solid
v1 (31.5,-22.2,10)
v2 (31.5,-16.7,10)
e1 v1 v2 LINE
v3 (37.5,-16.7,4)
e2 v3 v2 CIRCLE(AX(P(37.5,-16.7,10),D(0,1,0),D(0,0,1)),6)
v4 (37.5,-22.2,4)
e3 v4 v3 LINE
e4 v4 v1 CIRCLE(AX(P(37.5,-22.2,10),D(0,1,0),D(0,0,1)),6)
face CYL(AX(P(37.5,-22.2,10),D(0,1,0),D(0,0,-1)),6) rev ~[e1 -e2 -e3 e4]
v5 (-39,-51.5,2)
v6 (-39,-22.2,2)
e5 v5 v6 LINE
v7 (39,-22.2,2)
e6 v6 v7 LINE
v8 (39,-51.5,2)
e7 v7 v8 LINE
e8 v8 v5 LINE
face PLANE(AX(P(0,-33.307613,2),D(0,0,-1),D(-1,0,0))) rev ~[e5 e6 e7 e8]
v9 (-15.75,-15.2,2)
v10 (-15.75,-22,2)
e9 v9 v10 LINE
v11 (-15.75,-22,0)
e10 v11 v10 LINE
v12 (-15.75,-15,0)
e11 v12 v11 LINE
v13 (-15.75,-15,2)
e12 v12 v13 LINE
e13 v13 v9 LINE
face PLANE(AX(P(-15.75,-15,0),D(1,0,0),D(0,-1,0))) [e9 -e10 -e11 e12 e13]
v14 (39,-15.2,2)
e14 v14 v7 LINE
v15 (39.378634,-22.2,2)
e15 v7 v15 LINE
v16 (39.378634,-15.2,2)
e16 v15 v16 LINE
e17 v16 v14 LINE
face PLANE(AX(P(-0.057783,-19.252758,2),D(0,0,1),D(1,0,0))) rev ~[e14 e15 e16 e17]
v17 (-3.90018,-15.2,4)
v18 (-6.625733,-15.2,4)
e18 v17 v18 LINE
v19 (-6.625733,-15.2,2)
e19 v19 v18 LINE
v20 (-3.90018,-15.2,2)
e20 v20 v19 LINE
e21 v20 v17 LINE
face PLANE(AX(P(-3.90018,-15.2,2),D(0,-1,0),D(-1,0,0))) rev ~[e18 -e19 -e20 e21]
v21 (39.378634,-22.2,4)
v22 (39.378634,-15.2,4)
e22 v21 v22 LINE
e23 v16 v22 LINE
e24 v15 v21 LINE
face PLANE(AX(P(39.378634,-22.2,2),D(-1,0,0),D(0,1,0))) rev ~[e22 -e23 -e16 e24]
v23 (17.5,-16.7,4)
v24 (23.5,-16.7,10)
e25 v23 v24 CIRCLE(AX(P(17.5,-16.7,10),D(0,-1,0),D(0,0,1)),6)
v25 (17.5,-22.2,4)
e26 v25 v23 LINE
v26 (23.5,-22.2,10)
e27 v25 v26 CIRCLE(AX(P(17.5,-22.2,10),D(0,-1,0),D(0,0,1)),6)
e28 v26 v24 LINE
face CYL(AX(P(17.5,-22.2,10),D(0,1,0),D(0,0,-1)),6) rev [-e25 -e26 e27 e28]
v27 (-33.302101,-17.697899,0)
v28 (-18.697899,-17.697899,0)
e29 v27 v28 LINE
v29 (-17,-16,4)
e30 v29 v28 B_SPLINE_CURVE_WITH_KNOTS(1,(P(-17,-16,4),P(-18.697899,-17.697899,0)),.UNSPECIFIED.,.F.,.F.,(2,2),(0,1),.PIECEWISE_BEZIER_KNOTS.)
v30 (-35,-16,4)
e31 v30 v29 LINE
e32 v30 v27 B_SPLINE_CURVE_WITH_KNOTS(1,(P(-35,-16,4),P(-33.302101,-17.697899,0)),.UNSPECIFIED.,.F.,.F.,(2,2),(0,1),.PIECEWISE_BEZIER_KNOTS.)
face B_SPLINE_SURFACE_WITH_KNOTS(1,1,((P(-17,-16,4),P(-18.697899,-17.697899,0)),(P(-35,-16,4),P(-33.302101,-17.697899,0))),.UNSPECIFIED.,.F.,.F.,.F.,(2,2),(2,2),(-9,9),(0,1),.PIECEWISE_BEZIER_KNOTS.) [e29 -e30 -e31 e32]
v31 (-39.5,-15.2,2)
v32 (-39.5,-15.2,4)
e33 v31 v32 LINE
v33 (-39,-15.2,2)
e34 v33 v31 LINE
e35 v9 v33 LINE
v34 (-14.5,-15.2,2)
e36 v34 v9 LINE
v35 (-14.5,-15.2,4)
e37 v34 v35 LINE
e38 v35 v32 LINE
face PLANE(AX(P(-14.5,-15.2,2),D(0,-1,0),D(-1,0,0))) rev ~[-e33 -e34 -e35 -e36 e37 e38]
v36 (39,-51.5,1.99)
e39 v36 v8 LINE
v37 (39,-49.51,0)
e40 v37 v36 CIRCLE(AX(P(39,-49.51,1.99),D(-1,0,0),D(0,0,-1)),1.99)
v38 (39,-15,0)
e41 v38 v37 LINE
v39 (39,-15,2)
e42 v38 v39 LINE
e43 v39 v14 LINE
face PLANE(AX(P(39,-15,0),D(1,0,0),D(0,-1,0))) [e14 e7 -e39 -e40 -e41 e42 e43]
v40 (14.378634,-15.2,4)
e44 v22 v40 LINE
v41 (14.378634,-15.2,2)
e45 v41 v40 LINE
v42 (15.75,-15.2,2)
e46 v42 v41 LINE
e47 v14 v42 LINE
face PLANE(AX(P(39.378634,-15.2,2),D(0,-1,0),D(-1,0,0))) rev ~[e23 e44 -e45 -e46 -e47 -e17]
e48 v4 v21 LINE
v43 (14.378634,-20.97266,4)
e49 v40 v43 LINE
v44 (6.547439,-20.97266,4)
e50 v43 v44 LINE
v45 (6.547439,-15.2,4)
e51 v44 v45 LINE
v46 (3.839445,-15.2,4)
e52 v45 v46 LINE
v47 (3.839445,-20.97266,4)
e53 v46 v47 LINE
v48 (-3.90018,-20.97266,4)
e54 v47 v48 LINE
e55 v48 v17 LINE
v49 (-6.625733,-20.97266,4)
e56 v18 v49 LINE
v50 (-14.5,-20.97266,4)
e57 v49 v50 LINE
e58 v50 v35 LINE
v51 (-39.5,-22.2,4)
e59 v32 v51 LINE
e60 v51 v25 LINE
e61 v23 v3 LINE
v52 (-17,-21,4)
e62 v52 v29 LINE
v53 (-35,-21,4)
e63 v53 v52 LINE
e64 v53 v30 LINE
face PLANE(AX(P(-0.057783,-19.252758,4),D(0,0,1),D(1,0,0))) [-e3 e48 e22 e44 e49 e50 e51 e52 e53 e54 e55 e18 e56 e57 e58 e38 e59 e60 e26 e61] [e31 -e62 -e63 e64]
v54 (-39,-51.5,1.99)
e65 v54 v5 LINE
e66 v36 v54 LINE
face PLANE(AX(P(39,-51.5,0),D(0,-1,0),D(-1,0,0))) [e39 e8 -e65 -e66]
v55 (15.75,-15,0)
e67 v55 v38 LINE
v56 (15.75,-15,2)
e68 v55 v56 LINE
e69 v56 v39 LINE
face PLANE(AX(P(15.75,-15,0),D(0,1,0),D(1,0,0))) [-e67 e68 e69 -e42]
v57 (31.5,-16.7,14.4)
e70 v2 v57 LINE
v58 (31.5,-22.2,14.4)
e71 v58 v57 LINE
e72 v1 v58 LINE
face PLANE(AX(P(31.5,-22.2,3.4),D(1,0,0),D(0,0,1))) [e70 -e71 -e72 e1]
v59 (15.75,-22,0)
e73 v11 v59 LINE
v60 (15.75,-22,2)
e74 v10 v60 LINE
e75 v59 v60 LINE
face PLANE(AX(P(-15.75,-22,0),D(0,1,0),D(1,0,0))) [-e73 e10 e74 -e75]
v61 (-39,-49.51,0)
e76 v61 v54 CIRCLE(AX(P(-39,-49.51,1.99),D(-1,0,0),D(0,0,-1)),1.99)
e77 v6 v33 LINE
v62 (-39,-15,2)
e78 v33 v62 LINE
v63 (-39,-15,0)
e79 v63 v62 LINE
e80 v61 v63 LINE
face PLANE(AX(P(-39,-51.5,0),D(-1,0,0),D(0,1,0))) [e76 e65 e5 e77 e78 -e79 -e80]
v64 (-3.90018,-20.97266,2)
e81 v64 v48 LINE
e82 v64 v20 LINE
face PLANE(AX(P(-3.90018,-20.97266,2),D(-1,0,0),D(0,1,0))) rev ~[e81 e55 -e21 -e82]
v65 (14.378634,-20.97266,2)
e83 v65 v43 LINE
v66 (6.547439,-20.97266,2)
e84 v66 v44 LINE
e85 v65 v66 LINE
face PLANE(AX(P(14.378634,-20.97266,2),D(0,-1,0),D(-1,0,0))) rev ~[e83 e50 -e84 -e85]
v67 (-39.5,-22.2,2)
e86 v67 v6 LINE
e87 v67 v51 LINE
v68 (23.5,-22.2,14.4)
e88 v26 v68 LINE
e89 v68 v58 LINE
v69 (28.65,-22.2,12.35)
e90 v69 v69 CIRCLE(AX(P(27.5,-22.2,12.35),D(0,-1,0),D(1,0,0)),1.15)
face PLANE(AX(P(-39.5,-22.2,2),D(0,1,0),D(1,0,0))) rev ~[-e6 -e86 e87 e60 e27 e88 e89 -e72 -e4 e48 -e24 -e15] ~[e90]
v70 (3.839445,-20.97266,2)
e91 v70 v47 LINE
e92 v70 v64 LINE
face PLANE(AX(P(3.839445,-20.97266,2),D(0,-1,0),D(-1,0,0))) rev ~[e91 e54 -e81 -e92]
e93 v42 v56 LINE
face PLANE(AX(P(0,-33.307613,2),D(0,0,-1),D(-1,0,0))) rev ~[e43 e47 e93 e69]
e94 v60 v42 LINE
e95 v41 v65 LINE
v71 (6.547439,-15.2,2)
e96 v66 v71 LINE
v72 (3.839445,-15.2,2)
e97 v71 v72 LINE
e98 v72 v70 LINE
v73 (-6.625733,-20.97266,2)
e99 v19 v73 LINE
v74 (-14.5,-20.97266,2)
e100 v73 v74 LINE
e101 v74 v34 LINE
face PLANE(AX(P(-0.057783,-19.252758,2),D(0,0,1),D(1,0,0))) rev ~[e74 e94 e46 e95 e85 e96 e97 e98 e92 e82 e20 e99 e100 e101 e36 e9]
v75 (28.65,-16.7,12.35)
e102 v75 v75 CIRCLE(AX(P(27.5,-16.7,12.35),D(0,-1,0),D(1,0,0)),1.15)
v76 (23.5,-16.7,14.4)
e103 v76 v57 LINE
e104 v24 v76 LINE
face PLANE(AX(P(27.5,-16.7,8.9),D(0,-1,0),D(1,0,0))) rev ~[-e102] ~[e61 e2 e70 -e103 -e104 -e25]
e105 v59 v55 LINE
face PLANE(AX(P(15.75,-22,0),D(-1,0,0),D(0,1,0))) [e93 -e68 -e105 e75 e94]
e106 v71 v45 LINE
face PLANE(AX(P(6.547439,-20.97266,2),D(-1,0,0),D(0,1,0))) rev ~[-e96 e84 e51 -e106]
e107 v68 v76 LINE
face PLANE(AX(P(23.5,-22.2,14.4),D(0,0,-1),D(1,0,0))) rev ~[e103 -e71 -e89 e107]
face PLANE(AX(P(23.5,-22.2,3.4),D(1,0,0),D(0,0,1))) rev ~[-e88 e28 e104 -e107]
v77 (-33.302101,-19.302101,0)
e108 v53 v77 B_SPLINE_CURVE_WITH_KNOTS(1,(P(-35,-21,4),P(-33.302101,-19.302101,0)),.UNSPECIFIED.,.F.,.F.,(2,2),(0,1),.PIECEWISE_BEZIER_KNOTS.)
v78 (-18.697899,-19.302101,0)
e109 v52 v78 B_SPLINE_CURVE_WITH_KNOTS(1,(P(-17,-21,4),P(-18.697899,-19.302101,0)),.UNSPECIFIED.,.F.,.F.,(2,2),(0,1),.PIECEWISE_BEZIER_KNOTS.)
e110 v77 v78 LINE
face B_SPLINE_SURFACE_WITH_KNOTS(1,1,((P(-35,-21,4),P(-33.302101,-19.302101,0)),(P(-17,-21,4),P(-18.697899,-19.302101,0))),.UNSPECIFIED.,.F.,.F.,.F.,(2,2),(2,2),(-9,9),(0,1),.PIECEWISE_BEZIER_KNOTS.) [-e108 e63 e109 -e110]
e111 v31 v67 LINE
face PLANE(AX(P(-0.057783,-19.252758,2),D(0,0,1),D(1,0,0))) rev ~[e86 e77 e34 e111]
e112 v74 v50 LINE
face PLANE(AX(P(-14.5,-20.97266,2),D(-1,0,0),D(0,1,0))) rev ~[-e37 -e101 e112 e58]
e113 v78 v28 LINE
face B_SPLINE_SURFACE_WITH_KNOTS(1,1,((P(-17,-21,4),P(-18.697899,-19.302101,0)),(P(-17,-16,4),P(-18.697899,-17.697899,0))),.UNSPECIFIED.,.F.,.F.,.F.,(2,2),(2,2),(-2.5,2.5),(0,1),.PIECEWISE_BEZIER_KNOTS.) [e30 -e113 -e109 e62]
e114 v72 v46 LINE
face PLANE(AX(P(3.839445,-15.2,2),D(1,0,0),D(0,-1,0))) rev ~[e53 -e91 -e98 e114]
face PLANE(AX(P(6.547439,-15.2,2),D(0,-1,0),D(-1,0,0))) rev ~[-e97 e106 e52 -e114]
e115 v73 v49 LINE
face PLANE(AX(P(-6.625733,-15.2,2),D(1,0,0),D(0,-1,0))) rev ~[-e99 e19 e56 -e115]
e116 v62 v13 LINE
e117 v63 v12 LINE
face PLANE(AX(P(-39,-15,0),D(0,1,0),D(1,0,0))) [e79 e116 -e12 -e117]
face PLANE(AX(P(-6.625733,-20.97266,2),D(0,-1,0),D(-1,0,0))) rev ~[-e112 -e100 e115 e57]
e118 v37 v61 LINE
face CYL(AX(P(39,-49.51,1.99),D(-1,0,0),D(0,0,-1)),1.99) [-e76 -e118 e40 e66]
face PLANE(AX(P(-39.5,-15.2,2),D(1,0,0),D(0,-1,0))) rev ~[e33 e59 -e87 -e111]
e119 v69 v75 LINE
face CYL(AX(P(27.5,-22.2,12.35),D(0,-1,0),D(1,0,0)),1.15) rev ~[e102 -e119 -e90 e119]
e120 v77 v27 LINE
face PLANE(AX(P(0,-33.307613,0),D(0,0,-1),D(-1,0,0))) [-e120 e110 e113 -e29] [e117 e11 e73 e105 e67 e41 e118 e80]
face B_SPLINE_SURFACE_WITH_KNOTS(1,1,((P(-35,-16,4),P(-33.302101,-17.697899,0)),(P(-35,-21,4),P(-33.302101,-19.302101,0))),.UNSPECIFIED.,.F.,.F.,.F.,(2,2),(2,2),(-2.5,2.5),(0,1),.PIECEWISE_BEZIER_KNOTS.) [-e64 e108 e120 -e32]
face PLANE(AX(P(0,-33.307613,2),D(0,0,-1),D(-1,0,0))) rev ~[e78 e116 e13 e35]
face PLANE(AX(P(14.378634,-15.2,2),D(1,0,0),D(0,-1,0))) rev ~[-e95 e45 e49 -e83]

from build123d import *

# Parameters (mm, degrees)
PAD010_DEPTH    = 2
PAD013_DEPTH    = 2
SKETCH021_W     = 8
SKETCH021_H     = 11
SKETCH021_R     = 1.15
PAD014_DEPTH    = 5.5
FILLET003_R     = 6
FILLET006_R     = 1.99
SKETCH025_W     = 18
SKETCH025_H     = 5
POCKET008_DEPTH = 4
POCKET008_TAPER = 23


with BuildPart() as part:
    # Sketch014 → Pad010 (new body)
    with BuildSketch(Plane.XY):
        Polygon((-39, -15), (-15.75, -15), (-15.75, -22), (15.75, -22), (15.75, -15), (39, -15), (39, -51.5), (-39, -51.5), align=None)
    extrude(amount=PAD010_DEPTH)

    # Sketch020 (on Face10 of Pad010) → Pad013 (join)
    with BuildSketch(Plane.XY.offset(2)):
        Polygon((-14.5, -15.2), (-39.5, -15.2), (-39.5, -22.2), (39.378634, -22.2), (39.378634, -15.2), (14.378634, -15.2), (14.378634, -20.97266), (6.547439, -20.97266), (6.547439, -15.2), (3.839445, -15.2), (3.839445, -20.97266), (-3.90018, -20.97266), (-3.90018, -15.2), (-6.625733, -15.2), (-6.625733, -20.97266), (-14.5, -20.97266), align=None)
    extrude(amount=PAD013_DEPTH)

    # Sketch021 (on Face15 of Pad013) → Pad014 (join)
    with BuildSketch(Plane.XZ.offset(22.2)):
        with Locations((27.5, 8.9)):
            Rectangle(SKETCH021_W, SKETCH021_H)
        with Locations((27.5, 12.35)):
            Circle(SKETCH021_R, mode=Mode.SUBTRACT)
    extrude(amount=-PAD014_DEPTH)

    # Fillet003
    fillet003_edges = [part.edges().sort_by_distance(p)[0] for p in [
        (23.5, -19.45, 4),
        (31.5, -19.45, 4),
    ]]
    fillet(fillet003_edges, radius=FILLET003_R)

    # Fillet006
    fillet006_edges = [part.edges().sort_by_distance(p)[0] for p in [
        (0, -51.5, 0),
    ]]
    fillet(fillet006_edges, radius=FILLET006_R)

    # Sketch025 (on Face19 of Fillet006) → Pocket008 (cut)
    with BuildSketch(Plane.XY.offset(4)):
        with Locations((-26, -18.5)):
            Rectangle(SKETCH025_W, SKETCH025_H)
    extrude(amount=-POCKET008_DEPTH, taper=POCKET008_TAPER, mode=Mode.SUBTRACT)


solid = part.part
